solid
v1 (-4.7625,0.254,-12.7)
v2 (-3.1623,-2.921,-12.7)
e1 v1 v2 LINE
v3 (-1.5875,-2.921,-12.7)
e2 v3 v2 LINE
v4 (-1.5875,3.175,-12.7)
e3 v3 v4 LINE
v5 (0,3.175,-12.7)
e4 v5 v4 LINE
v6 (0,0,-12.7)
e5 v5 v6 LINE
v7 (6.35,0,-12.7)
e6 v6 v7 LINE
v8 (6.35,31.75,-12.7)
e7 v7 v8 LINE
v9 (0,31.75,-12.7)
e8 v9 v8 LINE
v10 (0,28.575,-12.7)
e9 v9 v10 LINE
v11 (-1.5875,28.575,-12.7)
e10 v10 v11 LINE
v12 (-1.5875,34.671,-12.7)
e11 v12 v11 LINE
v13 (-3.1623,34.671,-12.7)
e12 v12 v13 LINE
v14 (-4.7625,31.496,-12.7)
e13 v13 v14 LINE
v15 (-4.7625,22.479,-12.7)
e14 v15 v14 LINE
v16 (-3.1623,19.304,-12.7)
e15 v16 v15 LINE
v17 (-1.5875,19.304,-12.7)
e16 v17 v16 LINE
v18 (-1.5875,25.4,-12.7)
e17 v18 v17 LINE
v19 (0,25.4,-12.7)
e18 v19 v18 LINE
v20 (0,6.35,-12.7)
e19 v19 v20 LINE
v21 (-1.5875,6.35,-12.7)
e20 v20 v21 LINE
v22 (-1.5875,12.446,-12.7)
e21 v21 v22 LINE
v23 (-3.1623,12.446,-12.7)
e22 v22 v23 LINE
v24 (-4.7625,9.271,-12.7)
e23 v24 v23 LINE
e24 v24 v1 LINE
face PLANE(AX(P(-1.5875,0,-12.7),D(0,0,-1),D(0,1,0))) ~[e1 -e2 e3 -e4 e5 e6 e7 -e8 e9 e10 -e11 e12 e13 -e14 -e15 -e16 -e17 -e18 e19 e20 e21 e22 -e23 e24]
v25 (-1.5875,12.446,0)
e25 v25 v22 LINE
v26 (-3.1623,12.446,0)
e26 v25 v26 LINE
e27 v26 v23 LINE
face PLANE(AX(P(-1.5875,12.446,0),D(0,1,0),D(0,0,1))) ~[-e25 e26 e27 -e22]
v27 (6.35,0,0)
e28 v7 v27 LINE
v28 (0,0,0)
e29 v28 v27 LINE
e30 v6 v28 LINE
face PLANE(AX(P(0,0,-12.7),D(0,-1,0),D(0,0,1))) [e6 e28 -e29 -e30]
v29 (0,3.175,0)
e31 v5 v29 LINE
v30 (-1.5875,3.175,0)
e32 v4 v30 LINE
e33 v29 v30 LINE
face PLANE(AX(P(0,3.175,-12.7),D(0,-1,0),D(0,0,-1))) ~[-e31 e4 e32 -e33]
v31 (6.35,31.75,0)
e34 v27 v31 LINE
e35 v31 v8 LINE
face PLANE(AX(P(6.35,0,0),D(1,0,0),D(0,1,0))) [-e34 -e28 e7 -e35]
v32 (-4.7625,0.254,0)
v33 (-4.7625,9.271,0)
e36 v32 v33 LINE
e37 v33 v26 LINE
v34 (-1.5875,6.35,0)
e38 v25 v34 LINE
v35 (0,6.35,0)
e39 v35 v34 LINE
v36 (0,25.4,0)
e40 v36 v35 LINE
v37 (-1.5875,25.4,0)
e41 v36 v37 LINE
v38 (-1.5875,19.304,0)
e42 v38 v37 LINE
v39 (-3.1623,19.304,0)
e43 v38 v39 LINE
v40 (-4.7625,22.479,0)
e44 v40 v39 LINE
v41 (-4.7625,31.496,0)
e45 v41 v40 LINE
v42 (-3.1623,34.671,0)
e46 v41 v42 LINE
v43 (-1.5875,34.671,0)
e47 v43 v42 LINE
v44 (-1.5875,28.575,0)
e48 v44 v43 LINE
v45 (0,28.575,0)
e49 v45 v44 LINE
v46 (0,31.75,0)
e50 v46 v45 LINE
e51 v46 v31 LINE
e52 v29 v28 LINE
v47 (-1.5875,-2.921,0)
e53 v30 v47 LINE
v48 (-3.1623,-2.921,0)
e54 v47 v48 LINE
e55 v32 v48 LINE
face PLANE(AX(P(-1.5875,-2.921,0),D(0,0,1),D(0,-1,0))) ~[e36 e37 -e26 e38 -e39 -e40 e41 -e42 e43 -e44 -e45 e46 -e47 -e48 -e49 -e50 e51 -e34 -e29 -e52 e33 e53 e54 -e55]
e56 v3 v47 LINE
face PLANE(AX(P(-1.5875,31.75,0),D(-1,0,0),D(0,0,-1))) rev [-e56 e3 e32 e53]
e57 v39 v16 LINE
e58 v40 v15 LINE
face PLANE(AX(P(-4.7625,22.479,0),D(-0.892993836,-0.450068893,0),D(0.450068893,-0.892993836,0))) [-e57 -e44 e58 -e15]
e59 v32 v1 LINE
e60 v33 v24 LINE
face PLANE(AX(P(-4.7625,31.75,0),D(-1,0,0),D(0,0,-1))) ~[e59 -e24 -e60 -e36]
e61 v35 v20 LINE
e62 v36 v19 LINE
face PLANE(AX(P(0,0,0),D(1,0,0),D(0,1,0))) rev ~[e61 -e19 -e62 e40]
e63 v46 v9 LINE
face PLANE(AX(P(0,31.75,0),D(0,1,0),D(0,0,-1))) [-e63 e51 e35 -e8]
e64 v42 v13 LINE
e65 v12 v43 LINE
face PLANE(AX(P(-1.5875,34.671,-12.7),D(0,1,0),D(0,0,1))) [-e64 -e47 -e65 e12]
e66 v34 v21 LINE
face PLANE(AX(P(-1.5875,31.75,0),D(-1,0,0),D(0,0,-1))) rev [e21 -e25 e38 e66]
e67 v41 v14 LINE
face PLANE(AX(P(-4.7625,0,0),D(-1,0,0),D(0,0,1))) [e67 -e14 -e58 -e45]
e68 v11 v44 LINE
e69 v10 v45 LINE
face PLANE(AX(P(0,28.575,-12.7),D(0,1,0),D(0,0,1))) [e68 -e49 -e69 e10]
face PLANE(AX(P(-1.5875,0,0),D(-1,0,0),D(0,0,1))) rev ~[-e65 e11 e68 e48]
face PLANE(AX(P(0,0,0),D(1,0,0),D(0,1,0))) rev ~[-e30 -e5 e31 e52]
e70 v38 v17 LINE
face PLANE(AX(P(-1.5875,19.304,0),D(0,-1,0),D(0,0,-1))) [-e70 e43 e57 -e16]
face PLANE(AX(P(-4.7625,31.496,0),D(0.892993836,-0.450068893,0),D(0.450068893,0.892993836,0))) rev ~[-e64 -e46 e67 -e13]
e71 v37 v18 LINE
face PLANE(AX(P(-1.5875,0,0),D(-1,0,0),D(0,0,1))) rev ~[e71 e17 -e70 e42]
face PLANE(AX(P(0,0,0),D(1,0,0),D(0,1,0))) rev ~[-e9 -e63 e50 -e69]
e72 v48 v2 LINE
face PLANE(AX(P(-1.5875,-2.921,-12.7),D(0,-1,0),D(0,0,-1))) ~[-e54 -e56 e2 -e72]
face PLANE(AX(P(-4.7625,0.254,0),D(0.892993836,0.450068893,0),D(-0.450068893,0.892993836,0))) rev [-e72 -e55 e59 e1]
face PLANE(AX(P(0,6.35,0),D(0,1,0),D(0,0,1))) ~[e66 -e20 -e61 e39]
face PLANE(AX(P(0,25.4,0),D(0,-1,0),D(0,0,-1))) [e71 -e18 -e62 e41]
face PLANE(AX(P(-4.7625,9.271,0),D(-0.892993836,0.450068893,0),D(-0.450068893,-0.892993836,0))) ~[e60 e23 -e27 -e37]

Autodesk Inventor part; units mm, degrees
ref_plane "YZ Plane" through (0, 0, 0) normal (1, 0, 0) x (0, 1, 0)
ref_plane "XZ Plane" through (0, 0, 0) normal (0, 1, 0) x (-1, 0, 0)
sketch "Sketch1" plane through (0, 0, 0) normal (1, 0, 0) x (0, 1, 0)
  line L0 (0, 0) -> (31.75, 0)
  line L1 (31.75, 0) -> (31.75, -12.7)
  line L2 (31.75, -12.7) -> (0, -12.7)
  line L3 (0, -12.7) -> (0, 0)
  line L4 (28.575, 0) -> (25.4, 0)
  line L5 (25.4, 0) -> (25.4, -12.7)
  line L6 (25.4, -12.7) -> (28.575, -12.7)
  line L7 (28.575, -12.7) -> (28.575, 0)
  dimension "d0" = 31.75
  dimension "d1" = 12.7
  dimension "d4" = 3.175
  dimension "d5" = 12.7
  dimension "d6" = 3.175
extrude "Extrusion1" add sketch "Sketch1" along normal blind 6.35
extrude "Extrusion2" add sketch "Sketch1" against normal blind 1.5875 contours L0 L7 L2 L5
sketch "Sketch2" plane through (-1.5875, 0, 0) normal (-1, 0, 0) x (0, 0, 1)
  line L0 (-12.7, 34.671) -> (0, 34.671)
  line L1 (0, 34.671) -> (0, 19.304)
  line L2 (0, 19.304) -> (-12.7, 19.304)
  line L3 (-12.7, 19.304) -> (-12.7, 34.671)
  line L4 (-12.7, 31.75) -> (-12.7, 28.575) projected
  line L5 (-12.7, 25.4) -> (0, 25.4) projected
  line L6 (0, 28.575) -> (-12.7, 28.575) projected
  point P0 (0, 0)
  dimension "d9" = 12.7
  dimension "d10" = 0
  dimension "d11" = 6.096
  dimension "d12" = 6.096
extrude "Extrusion3" add sketch "Sketch2" along normal blind 3.175
sketch "Sketch3" plane through (0, 0, 0) normal (0, 0, 1) x (1, 0, 0)
  line L0 (-4.7625, 34.671) -> (-4.7625, 31.496)
  line L1 (-4.7625, 19.304) -> (-4.7625, 34.671) projected
  line L2 (-1.5875, 34.671) -> (-1.5875, 28.575) projected
  line L3 (-1.5875, 34.671) -> (-3.1623, 34.671)
  line L4 (-1.5875, 34.671) -> (-4.7625, 34.671) projected
  line L5 (-1.5875, 19.304) -> (-3.1623, 19.304)
  line L6 (-1.5875, 19.304) -> (-4.7625, 19.304) projected
  line L7 (-4.7625, 19.304) -> (-4.7625, 22.479)
  line L8 (-4.7625, 22.479) -> (-3.1623, 19.304)
  line L9 (-4.7625, 19.304) -> (-3.1623, 19.304)
  line L10 (-4.7625, 31.496) -> (-3.1623, 34.671)
  line L11 (-4.7625, 34.671) -> (-3.1623, 34.671)
  point P0 (0, 0)
  dimension "d16" = 3.175
  dimension "d17" = 1.5748
  dimension "d18" = 1.5748
  dimension "d19" = 3.175
extrude "Extrusion4" cut sketch "Sketch3" against normal through all
ref_plane "Work Plane3" through (0, 15.875, 0) normal (0, 1, 0) x (1, 0, 0)
mirror "Mirror1" about plane through (0, 15.875, 0) normal (0, 1, 0) of "Extrusion2", "Extrusion3", "Extrusion4"
equation "\"d5\" = d1"
equation "\"d9\" = d1"
properties part number "2020liftconecter"
